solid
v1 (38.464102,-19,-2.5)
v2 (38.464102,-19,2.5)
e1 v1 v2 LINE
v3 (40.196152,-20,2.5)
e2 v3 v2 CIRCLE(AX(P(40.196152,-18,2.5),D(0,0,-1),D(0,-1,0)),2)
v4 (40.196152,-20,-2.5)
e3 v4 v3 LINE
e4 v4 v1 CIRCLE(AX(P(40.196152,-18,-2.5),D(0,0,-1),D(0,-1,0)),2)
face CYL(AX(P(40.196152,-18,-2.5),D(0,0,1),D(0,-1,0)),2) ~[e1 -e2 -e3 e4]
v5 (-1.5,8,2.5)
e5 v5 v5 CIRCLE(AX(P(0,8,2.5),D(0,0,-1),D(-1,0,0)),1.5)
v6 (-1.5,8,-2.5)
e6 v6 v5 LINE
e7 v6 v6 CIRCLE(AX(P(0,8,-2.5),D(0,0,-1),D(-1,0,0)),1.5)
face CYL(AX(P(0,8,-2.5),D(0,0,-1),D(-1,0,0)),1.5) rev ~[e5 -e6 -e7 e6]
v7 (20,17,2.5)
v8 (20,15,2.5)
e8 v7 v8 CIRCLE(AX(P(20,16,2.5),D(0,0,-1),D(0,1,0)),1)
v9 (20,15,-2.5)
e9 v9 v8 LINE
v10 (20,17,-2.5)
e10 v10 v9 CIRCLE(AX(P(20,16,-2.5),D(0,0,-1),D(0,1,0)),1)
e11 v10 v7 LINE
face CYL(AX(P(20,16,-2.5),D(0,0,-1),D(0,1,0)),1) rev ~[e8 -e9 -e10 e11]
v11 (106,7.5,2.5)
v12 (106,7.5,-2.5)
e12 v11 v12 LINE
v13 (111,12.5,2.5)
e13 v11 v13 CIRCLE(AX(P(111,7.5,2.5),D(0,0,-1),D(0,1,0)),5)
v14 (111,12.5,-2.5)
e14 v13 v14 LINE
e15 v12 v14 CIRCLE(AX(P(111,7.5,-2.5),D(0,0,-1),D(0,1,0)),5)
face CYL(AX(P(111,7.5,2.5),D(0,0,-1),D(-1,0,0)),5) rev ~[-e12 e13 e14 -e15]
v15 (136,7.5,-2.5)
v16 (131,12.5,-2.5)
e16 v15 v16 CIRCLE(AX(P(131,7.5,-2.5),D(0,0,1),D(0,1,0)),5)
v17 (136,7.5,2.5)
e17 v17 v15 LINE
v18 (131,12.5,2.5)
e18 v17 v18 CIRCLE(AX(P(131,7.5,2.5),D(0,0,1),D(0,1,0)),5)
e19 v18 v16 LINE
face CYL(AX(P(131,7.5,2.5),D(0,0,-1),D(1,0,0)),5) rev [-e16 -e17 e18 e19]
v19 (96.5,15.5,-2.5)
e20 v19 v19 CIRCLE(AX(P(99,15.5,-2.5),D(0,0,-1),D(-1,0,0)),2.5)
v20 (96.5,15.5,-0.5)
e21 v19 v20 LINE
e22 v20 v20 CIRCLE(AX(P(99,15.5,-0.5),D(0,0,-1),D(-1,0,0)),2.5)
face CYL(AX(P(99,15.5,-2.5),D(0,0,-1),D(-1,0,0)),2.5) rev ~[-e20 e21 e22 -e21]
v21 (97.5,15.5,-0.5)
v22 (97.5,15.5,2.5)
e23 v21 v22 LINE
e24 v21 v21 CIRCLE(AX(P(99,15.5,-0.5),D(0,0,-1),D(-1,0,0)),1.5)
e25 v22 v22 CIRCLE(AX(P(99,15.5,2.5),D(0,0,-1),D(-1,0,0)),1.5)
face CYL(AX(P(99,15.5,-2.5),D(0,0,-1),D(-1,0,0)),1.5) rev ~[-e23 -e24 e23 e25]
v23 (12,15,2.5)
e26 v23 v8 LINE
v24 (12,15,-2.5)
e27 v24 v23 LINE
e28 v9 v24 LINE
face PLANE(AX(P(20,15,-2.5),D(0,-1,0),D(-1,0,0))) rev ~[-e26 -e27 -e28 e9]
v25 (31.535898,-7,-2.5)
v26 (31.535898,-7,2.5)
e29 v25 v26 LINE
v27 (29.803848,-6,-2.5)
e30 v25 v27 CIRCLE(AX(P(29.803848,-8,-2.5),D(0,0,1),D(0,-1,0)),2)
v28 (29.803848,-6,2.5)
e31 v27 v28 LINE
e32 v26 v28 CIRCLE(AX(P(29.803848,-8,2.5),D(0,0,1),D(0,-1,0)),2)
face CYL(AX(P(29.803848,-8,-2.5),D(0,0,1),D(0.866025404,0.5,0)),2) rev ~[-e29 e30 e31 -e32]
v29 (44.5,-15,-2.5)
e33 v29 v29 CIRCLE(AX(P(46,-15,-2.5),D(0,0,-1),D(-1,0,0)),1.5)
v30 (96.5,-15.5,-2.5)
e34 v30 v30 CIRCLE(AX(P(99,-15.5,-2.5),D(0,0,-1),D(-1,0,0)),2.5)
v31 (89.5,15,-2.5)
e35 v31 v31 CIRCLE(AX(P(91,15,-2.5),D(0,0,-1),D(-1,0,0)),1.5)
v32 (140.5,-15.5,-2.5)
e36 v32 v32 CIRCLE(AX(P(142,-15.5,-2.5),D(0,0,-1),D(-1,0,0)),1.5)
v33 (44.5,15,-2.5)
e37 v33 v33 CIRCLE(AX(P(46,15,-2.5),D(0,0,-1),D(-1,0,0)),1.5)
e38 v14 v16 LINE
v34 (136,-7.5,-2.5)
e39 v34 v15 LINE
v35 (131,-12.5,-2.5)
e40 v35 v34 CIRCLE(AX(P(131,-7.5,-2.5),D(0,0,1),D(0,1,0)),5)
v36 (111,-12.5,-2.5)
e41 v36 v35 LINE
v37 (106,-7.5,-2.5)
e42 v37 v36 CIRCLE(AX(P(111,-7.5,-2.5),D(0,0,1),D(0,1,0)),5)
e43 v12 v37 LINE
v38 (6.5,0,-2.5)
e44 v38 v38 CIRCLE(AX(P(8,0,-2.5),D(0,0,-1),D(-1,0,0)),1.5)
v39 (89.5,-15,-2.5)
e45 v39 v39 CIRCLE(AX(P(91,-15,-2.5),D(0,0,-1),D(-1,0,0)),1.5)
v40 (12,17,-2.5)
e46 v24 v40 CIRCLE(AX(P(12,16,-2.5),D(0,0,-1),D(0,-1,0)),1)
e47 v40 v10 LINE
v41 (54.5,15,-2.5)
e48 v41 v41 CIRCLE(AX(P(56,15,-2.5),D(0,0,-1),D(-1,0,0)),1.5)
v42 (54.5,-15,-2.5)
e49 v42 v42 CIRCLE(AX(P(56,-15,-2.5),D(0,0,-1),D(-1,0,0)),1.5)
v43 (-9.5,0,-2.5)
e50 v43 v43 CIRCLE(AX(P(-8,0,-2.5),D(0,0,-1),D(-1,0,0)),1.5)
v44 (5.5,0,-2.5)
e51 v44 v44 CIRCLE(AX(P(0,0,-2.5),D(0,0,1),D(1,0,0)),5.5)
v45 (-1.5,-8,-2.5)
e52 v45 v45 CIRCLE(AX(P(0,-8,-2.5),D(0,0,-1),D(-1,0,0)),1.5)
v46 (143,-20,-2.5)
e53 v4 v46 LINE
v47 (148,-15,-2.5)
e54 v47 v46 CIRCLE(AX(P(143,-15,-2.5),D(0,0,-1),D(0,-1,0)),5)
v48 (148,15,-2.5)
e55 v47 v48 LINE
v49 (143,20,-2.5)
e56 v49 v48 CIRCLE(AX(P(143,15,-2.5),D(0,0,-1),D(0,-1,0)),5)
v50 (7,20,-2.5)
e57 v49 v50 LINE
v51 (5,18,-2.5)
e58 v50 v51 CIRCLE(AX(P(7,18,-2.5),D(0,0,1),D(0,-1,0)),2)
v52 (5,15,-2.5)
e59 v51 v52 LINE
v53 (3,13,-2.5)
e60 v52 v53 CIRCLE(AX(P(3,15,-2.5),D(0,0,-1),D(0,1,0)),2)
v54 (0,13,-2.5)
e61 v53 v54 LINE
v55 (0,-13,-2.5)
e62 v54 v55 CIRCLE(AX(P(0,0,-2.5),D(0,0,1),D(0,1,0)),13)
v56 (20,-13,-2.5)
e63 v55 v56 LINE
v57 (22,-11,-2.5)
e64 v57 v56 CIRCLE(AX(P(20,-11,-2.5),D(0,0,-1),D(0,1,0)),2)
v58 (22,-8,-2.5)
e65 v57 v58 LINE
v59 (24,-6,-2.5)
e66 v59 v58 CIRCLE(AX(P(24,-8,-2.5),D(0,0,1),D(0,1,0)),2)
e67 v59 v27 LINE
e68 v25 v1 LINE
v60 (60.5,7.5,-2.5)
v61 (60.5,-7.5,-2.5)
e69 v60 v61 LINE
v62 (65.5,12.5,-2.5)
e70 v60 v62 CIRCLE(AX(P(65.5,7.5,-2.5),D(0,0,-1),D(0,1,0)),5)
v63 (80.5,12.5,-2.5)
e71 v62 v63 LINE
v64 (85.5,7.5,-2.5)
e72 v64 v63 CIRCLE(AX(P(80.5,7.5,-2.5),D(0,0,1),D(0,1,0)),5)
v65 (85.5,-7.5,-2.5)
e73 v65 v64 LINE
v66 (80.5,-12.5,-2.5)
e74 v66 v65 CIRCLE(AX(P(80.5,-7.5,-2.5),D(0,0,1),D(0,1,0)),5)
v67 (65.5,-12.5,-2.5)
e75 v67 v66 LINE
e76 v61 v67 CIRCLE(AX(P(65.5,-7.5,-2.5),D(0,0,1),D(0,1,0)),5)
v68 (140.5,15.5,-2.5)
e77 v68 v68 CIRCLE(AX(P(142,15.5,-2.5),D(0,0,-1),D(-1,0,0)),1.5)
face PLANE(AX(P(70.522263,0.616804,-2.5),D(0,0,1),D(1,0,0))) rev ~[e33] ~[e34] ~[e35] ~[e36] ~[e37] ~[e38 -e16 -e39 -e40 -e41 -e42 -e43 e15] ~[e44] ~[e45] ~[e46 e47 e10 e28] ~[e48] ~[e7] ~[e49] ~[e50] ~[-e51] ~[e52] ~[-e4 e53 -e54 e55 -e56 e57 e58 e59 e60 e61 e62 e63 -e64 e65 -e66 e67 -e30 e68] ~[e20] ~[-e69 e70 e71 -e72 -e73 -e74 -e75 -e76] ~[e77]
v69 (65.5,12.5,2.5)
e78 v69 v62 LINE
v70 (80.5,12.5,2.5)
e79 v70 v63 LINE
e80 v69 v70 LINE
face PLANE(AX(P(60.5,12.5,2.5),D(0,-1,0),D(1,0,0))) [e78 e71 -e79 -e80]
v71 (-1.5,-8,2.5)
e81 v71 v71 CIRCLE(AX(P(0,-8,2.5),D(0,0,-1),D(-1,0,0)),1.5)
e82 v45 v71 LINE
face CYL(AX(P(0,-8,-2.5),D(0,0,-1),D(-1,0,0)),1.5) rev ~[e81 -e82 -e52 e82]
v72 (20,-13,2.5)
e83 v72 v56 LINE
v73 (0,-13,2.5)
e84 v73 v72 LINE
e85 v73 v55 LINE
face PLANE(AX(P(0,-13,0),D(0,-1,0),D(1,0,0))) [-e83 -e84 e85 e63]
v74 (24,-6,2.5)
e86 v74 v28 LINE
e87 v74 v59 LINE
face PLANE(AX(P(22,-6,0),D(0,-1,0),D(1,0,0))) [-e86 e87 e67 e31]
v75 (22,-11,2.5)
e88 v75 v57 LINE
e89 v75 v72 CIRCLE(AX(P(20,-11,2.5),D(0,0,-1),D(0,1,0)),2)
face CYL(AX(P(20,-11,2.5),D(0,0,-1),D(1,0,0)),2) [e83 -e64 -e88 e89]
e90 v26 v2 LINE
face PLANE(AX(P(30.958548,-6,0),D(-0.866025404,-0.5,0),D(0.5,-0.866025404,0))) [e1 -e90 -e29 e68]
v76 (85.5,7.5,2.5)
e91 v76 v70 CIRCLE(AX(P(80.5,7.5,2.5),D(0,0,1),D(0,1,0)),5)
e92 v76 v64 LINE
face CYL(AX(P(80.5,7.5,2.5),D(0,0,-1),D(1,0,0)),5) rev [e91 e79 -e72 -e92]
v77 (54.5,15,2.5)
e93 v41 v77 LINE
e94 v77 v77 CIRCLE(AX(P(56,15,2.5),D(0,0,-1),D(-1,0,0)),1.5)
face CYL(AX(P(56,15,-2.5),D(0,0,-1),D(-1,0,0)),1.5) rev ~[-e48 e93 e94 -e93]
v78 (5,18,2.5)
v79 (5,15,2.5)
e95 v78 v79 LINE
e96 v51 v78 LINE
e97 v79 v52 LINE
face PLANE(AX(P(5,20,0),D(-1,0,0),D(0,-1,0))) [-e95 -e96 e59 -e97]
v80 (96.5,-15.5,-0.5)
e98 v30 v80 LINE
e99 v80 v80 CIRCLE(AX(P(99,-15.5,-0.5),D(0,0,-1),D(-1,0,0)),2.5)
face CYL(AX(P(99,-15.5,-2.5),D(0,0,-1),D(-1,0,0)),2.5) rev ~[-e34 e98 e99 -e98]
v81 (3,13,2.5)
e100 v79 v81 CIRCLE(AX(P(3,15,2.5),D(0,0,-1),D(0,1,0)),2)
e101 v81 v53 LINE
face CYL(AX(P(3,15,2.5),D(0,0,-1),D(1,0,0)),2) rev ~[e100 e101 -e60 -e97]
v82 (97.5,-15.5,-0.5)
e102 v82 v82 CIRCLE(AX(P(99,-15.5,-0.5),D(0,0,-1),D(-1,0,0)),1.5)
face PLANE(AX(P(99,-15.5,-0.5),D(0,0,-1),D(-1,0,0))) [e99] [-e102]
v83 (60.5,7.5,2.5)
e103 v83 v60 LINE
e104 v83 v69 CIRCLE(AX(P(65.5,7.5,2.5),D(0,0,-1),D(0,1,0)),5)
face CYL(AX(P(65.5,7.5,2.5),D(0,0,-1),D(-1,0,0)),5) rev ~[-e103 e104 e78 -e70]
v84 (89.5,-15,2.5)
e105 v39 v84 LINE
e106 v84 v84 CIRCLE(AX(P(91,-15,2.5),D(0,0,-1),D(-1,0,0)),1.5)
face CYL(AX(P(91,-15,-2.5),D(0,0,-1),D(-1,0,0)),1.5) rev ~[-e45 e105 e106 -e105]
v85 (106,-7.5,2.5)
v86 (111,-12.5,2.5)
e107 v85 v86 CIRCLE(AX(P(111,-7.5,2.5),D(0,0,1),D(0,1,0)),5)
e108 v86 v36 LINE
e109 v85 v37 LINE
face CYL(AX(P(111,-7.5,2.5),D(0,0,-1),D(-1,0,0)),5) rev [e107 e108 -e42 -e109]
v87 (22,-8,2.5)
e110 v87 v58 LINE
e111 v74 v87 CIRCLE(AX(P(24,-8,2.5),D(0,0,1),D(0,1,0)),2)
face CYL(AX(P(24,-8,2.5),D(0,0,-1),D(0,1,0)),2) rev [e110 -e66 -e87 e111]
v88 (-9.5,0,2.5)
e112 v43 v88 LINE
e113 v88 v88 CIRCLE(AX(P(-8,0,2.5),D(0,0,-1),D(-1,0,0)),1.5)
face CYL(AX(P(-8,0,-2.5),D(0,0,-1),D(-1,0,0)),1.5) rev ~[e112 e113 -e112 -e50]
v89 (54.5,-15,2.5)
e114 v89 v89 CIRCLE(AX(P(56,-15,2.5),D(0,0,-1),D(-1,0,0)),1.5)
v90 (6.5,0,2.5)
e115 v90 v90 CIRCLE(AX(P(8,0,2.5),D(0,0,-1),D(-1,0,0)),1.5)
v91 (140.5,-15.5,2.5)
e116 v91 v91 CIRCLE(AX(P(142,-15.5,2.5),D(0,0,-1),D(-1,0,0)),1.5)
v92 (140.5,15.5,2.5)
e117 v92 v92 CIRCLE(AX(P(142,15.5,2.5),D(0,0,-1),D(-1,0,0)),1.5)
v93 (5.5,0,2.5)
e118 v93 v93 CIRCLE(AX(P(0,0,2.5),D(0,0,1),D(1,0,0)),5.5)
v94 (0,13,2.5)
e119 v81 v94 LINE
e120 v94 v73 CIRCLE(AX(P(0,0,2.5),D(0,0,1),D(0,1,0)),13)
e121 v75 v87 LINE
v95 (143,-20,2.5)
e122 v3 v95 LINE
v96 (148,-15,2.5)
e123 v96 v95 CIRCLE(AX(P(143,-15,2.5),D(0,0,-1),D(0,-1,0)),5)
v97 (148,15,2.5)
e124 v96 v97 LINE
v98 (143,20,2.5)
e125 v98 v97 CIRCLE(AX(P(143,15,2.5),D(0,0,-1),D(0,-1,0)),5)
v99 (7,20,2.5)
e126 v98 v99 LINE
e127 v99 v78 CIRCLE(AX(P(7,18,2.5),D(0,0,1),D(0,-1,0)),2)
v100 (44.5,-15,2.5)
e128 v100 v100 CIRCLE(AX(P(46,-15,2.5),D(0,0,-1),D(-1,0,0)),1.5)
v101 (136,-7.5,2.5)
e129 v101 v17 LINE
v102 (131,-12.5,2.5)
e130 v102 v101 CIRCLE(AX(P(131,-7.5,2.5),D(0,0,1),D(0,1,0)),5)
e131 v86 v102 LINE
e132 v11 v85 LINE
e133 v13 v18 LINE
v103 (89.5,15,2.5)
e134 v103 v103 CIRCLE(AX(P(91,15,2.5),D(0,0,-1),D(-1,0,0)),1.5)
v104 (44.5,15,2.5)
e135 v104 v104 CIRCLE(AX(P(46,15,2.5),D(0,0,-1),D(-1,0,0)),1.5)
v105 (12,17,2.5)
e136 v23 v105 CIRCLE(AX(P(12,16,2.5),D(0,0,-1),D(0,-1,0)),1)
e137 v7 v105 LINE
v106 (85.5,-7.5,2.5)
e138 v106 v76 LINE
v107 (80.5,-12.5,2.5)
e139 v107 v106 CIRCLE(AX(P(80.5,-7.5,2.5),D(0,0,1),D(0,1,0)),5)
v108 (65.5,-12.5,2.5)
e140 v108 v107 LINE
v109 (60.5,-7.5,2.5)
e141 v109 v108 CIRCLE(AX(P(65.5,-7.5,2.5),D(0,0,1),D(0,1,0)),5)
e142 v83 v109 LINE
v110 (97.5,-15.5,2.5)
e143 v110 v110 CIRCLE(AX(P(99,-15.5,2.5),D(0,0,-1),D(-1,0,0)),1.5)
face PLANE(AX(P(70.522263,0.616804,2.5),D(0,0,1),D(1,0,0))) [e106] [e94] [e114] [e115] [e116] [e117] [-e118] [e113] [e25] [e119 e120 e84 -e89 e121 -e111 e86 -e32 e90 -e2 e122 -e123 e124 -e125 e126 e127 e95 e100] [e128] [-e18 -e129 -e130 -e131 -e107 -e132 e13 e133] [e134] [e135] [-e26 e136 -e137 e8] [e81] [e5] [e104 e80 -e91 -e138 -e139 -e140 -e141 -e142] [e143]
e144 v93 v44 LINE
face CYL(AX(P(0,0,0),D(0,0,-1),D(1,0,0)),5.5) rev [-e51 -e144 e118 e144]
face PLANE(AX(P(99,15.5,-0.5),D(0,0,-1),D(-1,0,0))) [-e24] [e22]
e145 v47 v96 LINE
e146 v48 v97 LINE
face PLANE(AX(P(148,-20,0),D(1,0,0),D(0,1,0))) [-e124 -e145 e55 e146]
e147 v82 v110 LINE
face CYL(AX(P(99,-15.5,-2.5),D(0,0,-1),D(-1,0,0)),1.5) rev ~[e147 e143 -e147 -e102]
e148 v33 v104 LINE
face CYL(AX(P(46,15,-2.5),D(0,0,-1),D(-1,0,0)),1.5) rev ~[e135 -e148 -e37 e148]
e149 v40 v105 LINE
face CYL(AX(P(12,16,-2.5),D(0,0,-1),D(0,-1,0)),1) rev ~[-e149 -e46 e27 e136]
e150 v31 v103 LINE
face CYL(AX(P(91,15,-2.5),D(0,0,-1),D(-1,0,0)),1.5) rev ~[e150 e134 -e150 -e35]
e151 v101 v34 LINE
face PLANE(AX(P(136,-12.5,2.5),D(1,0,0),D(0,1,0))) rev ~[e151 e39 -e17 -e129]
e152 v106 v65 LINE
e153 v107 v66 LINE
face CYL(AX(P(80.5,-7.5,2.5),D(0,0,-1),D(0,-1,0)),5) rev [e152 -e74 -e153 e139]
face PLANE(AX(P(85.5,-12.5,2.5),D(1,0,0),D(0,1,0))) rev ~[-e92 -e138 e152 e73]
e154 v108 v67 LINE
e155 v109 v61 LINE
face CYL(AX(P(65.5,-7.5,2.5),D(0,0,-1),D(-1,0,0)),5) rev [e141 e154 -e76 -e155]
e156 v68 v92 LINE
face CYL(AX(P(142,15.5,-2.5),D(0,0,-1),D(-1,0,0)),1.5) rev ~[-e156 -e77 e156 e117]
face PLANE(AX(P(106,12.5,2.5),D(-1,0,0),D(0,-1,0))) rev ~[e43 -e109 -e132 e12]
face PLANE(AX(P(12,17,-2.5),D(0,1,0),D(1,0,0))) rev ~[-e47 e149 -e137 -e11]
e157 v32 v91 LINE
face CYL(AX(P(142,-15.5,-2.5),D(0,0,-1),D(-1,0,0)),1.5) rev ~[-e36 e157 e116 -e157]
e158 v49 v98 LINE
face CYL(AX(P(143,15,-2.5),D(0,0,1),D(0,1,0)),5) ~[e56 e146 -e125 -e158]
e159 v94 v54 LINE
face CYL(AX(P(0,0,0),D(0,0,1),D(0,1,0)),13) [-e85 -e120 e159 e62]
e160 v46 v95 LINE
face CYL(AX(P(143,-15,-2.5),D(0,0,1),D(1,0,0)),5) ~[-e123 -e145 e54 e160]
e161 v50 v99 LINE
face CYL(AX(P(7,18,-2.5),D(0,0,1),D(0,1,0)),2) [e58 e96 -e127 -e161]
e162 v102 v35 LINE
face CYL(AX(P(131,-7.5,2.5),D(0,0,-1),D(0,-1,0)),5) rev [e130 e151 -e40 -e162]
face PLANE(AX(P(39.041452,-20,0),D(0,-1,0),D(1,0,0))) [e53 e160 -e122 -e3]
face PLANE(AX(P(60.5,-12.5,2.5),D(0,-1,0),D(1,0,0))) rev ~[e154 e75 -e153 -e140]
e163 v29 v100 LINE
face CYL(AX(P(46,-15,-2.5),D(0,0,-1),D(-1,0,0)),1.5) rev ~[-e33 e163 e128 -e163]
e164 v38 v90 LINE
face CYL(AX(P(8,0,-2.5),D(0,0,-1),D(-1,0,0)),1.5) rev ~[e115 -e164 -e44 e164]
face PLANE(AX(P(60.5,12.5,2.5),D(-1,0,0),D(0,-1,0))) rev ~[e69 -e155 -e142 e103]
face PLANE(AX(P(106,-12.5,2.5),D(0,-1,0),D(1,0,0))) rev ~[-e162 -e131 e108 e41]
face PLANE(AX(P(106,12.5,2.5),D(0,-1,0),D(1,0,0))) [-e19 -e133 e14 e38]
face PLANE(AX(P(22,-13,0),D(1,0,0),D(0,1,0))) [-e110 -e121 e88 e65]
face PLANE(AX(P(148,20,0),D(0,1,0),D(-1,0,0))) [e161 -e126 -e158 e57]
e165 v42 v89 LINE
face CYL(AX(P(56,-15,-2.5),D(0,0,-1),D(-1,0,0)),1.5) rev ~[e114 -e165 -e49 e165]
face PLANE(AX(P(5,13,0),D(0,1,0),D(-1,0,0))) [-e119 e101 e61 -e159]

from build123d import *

# Parameters (mm, degrees)
SKETCH2_R           = 5.5
BOSS_EXTRUDE1_DEPTH = 2.5
FILLET1_R           = 5
SKETCH3_R           = 1.5
CUT_EXTRUDE1_DEPTH  = 6
FILLET2_R           = 2
SKETCH4_W           = 25
SKETCH4_H           = 12.5
SKETCH4_W_2         = 30
CUT_EXTRUDE2_DEPTH  = 10
FILLET3_R           = 5
SKETCH5_R           = 2.5
CUT_EXTRUDE3_DEPTH  = 2


with BuildPart() as part:
    # Sketch2 → Boss-Extrude1 (new body, symmetric)
    with BuildSketch(Plane.XY):
        with BuildLine():
            Line((22, -6), (30.958548116, -6))
            Line((30.958548116, -6), (39.041451884, -20))
            Line((39.041451884, -20), (148, -20))
            Line((148, -20), (148, 20))
            Line((148, 20), (5, 20))
            Line((5, 20), (5, 13))
            Line((5, 13), (0, 13))
            ThreePointArc((0, 13), (-13, 0), (0, -13))
            Line((0, -13), (22, -13))
            Line((22, -13), (22, -6))
        make_face()
        Circle(SKETCH2_R, mode=Mode.SUBTRACT)
    extrude(amount=BOSS_EXTRUDE1_DEPTH, both=True)

    # Fillet1
    fillet1_edges = [part.edges().sort_by_distance(p)[0] for p in [
        (148, 20, 0),
        (148, -20, 0),
    ]]
    fillet(fillet1_edges, radius=FILLET1_R)

    # Sketch3 → Cut-Extrude1 (cut, through all)
    with BuildSketch(Plane(origin=(0, 0, -2.5), x_dir=(-1, 0, 0), z_dir=(0, 0, -1))):
        with Locations((-142, 15.5)):
            Circle(SKETCH3_R)
        with Locations((-99, 15.5)):
            Circle(SKETCH3_R)
        with Locations((-91, 15)):
            Circle(SKETCH3_R)
        with Locations((-8, 0)):
            Circle(SKETCH3_R)
        with Locations((0, 8)):
            Circle(SKETCH3_R)
        with Locations((0, -8)):
            Circle(SKETCH3_R)
        with Locations((8, 0)):
            Circle(SKETCH3_R)
        with BuildLine():
            Line((-12, 17), (-20, 17))
            ThreePointArc((-20, 17), (-21, 16), (-20, 15))
            Line((-20, 15), (-12, 15))
            ThreePointArc((-12, 15), (-11, 16), (-12, 17))
        make_face()
        with Locations((-56, -15)):
            Circle(SKETCH3_R)
        with Locations((-91, -15)):
            Circle(SKETCH3_R)
        with Locations((-46, -15)):
            Circle(SKETCH3_R)
        with Locations((-46, 15)):
            Circle(SKETCH3_R)
        with Locations((-56, 15)):
            Circle(SKETCH3_R)
        with Locations((-142, -15.5)):
            Circle(SKETCH3_R)
        with Locations((-99, -15.5)):
            Circle(SKETCH3_R)
    extrude(amount=-CUT_EXTRUDE1_DEPTH, mode=Mode.SUBTRACT)

    # Fillet2
    fillet2_edges = [part.edges().sort_by_distance(p)[0] for p in [
        (22, -13, 0),
        (5, 13, 0),
        (5, 20, 0),
        (39.041451884, -20, 0),
        (30.958548116, -6, 0),
        (22, -6, 0),
    ]]
    fillet(fillet2_edges, radius=FILLET2_R)

    # Sketch4 → Cut-Extrude2 (cut)
    with BuildSketch(Plane.XY.offset(2.5)):
        with Locations((73, 6.25)):
            Rectangle(SKETCH4_W, SKETCH4_H)
        with Locations((73, -6.25)):
            Rectangle(SKETCH4_W, SKETCH4_H)
        with Locations((121, 6.25)):
            Rectangle(SKETCH4_W_2, SKETCH4_H)
        with Locations((121, -6.25)):
            Rectangle(SKETCH4_W_2, SKETCH4_H)
    extrude(amount=-CUT_EXTRUDE2_DEPTH, mode=Mode.SUBTRACT)

    # Fillet3
    fillet3_edges = [part.edges().sort_by_distance(p)[0] for p in [
        (60.5, -12.5, 0),
        (60.5, 12.5, 0),
        (85.5, 12.5, 0),
        (85.5, -12.5, 0),
        (136, 12.5, 0),
        (136, -12.5, 0),
        (106, -12.5, 0),
        (106, 12.5, 0),
    ]]
    fillet(fillet3_edges, radius=FILLET3_R)

    # Sketch5 → Cut-Extrude3 (cut)
    with BuildSketch(Plane(origin=(0, 0, -2.5), x_dir=(-1, 0, 0), z_dir=(0, 0, -1))):
        with Locations((-99, 15.5)):
            Circle(SKETCH5_R)
        with Locations((-99, -15.5)):
            Circle(SKETCH5_R)
    extrude(amount=-CUT_EXTRUDE3_DEPTH, mode=Mode.SUBTRACT)


solid = part.part
